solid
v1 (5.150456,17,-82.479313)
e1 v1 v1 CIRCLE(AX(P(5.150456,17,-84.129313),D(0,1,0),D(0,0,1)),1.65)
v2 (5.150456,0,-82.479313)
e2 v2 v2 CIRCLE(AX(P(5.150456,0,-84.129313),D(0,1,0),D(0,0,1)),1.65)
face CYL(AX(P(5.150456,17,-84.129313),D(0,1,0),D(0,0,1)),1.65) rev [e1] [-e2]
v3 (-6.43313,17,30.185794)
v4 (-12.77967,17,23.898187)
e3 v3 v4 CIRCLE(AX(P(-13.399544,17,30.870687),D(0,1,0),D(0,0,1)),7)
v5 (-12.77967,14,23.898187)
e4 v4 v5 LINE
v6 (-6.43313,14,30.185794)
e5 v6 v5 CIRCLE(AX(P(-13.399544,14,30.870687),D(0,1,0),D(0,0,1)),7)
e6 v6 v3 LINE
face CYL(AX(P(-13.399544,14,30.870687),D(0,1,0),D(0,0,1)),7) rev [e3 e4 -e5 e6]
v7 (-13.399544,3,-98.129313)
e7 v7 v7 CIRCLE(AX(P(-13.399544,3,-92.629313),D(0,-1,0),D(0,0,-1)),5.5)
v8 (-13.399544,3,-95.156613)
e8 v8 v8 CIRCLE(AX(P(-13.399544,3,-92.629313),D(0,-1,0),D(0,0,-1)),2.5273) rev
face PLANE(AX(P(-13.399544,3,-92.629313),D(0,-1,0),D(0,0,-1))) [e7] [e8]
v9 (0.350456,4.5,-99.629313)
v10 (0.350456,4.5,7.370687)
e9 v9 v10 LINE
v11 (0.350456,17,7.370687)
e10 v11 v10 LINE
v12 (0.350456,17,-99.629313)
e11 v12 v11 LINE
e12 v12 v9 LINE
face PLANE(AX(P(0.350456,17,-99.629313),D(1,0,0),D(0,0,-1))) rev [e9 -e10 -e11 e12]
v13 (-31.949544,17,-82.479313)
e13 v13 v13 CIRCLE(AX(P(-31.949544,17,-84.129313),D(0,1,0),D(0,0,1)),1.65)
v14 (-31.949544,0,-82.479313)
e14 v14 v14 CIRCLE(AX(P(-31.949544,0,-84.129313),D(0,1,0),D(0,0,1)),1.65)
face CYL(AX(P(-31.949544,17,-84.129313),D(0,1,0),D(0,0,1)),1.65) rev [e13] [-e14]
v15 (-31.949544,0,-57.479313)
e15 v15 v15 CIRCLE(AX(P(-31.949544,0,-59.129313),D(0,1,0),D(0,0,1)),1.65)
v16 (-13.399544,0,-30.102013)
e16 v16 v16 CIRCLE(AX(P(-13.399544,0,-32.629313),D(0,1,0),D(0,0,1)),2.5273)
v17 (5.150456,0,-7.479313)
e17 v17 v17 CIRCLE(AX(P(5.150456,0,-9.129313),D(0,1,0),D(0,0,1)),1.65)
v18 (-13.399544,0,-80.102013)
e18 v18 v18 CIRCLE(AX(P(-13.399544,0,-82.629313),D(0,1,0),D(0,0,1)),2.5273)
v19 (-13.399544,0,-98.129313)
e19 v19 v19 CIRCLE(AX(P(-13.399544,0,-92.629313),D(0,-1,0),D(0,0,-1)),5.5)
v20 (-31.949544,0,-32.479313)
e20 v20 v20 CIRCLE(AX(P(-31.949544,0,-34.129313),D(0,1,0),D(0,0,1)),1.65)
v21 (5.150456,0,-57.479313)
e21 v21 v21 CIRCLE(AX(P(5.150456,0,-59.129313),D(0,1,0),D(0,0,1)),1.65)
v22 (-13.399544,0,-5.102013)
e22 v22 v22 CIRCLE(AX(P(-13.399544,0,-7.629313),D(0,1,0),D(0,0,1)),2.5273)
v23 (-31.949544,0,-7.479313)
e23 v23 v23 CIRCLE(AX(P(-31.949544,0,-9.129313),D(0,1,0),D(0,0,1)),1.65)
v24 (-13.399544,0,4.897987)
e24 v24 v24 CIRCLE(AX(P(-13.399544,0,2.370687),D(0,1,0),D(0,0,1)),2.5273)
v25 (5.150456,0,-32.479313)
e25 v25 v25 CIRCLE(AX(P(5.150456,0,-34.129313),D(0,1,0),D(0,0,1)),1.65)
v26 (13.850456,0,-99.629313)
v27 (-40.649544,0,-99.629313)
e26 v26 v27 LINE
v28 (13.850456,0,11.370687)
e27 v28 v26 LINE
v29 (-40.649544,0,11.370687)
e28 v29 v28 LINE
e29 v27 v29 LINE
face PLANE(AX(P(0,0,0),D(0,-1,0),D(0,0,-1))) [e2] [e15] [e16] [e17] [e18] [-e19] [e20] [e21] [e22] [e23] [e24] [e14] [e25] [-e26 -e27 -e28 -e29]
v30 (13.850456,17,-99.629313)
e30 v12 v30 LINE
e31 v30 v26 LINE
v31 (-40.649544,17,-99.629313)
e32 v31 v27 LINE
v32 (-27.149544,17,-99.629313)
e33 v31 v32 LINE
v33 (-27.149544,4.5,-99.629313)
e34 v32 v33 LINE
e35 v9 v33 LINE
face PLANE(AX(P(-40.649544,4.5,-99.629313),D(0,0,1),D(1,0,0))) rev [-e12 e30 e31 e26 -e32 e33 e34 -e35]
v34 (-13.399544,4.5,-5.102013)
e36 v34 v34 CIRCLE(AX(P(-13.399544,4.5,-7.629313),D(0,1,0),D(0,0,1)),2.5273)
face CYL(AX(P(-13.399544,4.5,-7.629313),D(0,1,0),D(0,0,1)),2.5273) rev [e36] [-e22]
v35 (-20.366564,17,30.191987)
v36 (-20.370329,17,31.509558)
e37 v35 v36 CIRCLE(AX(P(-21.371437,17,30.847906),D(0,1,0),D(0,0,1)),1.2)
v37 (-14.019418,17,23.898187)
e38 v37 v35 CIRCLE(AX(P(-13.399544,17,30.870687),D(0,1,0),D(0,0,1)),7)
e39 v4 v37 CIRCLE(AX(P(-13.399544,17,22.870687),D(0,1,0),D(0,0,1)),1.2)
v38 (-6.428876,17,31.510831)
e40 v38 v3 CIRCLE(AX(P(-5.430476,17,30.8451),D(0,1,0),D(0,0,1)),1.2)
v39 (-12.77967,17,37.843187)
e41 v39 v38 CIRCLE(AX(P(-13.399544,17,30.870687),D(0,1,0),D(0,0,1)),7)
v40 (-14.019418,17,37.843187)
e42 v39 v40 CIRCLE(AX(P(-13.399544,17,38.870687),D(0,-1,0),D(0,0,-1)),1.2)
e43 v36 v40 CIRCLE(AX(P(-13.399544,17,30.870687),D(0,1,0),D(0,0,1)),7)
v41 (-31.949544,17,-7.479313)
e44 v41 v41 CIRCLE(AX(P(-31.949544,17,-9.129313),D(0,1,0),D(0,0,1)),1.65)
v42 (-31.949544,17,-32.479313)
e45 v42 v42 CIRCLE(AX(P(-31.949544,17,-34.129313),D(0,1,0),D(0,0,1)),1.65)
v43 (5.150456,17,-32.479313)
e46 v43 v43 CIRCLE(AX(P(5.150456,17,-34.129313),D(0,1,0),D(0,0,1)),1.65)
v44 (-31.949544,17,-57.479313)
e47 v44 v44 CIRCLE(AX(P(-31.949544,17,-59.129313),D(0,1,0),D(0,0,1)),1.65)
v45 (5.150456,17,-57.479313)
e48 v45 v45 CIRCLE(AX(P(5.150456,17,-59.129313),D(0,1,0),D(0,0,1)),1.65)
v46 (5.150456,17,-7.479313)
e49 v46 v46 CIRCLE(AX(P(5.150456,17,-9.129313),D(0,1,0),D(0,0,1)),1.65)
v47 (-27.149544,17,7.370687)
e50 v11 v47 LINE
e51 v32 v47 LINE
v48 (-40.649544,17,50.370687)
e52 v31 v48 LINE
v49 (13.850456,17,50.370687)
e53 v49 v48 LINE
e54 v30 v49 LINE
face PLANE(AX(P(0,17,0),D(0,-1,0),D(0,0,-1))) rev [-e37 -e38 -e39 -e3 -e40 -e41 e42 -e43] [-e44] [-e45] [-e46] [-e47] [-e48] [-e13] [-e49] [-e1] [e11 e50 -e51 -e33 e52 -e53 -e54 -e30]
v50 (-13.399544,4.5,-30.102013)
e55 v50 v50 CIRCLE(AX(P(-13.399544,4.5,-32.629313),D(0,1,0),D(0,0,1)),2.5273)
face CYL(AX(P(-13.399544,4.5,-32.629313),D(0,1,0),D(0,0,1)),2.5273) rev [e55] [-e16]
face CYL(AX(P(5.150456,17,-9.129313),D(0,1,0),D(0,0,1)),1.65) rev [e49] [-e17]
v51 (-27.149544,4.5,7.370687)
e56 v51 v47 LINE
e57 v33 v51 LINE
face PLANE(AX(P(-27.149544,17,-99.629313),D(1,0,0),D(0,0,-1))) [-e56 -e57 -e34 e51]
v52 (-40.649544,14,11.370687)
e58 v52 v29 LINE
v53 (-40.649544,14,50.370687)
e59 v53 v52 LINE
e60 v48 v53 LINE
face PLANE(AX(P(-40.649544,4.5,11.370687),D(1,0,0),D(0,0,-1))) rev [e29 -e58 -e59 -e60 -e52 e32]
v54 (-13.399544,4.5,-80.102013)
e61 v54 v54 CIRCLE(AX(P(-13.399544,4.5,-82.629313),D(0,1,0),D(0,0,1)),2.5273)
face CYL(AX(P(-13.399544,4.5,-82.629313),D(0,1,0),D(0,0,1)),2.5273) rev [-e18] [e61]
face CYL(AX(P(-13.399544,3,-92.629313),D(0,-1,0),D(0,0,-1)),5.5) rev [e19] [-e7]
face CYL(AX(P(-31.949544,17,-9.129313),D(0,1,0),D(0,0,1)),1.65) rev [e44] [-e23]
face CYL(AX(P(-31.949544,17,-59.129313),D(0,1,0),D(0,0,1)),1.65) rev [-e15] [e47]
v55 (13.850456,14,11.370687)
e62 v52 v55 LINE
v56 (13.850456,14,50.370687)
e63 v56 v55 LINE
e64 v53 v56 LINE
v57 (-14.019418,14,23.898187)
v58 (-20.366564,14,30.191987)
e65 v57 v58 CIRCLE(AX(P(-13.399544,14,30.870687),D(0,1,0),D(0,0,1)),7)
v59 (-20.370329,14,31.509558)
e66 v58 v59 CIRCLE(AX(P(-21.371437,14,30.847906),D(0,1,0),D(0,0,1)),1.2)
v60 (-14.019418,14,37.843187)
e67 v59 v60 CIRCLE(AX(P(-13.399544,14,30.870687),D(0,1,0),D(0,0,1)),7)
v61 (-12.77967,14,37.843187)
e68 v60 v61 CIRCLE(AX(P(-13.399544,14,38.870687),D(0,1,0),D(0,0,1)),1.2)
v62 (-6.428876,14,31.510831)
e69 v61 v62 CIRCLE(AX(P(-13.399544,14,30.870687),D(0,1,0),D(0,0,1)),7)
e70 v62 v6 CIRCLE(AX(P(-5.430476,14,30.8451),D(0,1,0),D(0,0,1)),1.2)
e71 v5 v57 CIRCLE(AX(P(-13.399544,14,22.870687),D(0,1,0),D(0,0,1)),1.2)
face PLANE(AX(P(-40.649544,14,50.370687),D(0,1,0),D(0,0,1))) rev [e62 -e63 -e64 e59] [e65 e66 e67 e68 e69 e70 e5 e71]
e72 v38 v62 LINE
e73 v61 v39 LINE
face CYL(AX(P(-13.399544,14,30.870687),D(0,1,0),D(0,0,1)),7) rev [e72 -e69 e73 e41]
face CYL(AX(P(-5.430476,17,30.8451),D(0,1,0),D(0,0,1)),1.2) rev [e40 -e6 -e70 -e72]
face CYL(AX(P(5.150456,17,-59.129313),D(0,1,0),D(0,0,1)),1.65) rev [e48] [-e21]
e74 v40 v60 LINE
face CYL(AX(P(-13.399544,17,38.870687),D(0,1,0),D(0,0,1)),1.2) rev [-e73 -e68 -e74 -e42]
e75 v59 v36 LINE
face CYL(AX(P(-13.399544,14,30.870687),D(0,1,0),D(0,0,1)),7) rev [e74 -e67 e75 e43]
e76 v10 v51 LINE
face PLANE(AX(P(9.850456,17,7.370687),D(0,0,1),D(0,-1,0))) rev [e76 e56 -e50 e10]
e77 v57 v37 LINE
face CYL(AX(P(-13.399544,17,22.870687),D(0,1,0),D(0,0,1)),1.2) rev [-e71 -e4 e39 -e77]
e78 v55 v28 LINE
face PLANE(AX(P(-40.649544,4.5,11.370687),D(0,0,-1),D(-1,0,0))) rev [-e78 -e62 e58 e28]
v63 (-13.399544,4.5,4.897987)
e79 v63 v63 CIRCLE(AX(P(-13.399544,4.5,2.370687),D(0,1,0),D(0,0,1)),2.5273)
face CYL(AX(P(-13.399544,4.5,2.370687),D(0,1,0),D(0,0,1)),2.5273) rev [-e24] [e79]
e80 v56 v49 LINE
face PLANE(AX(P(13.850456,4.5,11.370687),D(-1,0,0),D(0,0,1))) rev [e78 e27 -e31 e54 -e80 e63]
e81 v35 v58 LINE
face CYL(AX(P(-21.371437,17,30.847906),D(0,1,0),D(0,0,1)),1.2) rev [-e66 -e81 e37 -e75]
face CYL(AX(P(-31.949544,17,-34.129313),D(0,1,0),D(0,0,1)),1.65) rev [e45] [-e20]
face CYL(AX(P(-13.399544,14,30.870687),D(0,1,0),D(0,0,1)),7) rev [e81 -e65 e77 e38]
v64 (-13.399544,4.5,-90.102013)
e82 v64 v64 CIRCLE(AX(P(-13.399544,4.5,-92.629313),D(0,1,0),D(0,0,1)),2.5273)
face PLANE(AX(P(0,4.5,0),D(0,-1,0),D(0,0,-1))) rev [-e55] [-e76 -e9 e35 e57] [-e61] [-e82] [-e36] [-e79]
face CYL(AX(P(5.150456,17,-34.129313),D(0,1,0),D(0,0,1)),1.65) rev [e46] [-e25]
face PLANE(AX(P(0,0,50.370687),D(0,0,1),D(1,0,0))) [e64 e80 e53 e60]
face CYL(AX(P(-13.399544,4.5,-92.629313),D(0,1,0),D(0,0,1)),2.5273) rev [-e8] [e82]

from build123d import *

# Parameters (mm, degrees)
SKETCH1_W                  = 54.5
SKETCH1_H                  = 111
BOSS_EXTRUDE1_DEPTH        = 4.5
SKETCH2_W                  = 13.5
SKETCH2_H                  = 111
BOSS_EXTRUDE2_DEPTH        = 12.5
M4X0_7_TAPPED_HOLE1_D      = 3.3
SKETCH6_W                  = 4
SKETCH6_H                  = 12.5
BOSS_EXTRUDE3_DEPTH        = 37
SKETCH7_W                  = 54.5
SKETCH7_H                  = 3
BOSS_EXTRUDE5_DEPTH        = 39
SKETCH8_R                  = 7
CUT_EXTRUDE1_DEPTH         = 3
M2_CLEARANCE_HOLE1_D       = 2.4
F_8_0_199_DIAMETER_HOLE1_D = 5.0546
SKETCH12_R                 = 5.5
CUT_EXTRUDE3_DEPTH         = 3


with BuildPart() as part:
    # Sketch1 → Boss-Extrude1 (new body)
    with BuildSketch(Plane(origin=(0, 0, 0), x_dir=(1, 0, 0), z_dir=(0, 1, 0))):
        with Locations((-13.399543841, 44.129312584)):
            Rectangle(SKETCH1_W, SKETCH1_H)
    extrude(amount=BOSS_EXTRUDE1_DEPTH)

    # Sketch2 → Boss-Extrude2 (add)
    with BuildSketch(Plane(origin=(0, 4.5, 0), x_dir=(1, 0, 0), z_dir=(0, 1, 0))):
        with Locations((7.100456159, 44.129312584)):
            Rectangle(SKETCH2_W, SKETCH2_H)
        with Locations((-33.899543841, 44.129312584)):
            Rectangle(SKETCH2_W, SKETCH2_H)
    extrude(amount=BOSS_EXTRUDE2_DEPTH)

    # M4x0.7 Tapped Hole1 (through all)
    with Locations(Plane(origin=(-31.949543841, 17, -9.129312584), x_dir=(0, 0, 1), z_dir=(0, 1, 0))):
        with Locations((0, 0), (-25, 0), (-50, 0), (-75, 0), (0, 37.1), (-25, 37.1), (-50, 37.1), (-75, 37.1)):
            Hole(M4X0_7_TAPPED_HOLE1_D / 2)

    # Sketch6 → Boss-Extrude3 (add)
    with BuildSketch(Plane(origin=(-27.149543841, 0, 0), x_dir=(0, 0, -1), z_dir=(1, 0, 0))):
        with Locations((-9.370687416, 10.75)):
            Rectangle(SKETCH6_W, SKETCH6_H)
    extrude(amount=BOSS_EXTRUDE3_DEPTH)

    # Sketch7 → Boss-Extrude5 (add)
    with BuildSketch(Plane.XY.offset(11.370687416)):
        with Locations((-13.399543841, 15.5)):
            Rectangle(SKETCH7_W, SKETCH7_H)
    extrude(amount=BOSS_EXTRUDE5_DEPTH)

    # Sketch8 → Cut-Extrude1 (cut)
    with BuildSketch(Plane(origin=(0, 17, 0), x_dir=(1, 0, 0), z_dir=(0, 1, 0))):
        with Locations((-13.399543841, -30.870687416)):
            Circle(SKETCH8_R)
    extrude(amount=-CUT_EXTRUDE1_DEPTH, mode=Mode.SUBTRACT)

    # M2 Clearance Hole1 (through all)
    with Locations(Plane(origin=(-21.371437118, 17, 30.847906254), x_dir=(0, 0, 1), z_dir=(0, 1, 0))):
        with Locations((0, 0), (-7.977218838, 7.971893277), (8.022781162, 7.971893277), (-0.002806072, 15.940961576)):
            Hole(M2_CLEARANCE_HOLE1_D / 2)

    # #8 (0.199) Diameter Hole1 (through all)
    with Locations(Plane(origin=(-13.399543841, 4.5, 2.370687416), x_dir=(0, 0, 1), z_dir=(0, 1, 0))):
        with Locations((0, 0), (-10, 0), (-35, 0), (-85, 0), (-95, 0)):
            Hole(F_8_0_199_DIAMETER_HOLE1_D / 2)

    # Sketch12 → Cut-Extrude3 (cut)
    with BuildSketch(Plane(origin=(0, 0, 0), x_dir=(-1, 0, 0), z_dir=(0, -1, 0))):
        with Locations((13.399543841, 92.629312584)):
            Circle(SKETCH12_R)
    extrude(amount=-CUT_EXTRUDE3_DEPTH, mode=Mode.SUBTRACT)


solid = part.part
